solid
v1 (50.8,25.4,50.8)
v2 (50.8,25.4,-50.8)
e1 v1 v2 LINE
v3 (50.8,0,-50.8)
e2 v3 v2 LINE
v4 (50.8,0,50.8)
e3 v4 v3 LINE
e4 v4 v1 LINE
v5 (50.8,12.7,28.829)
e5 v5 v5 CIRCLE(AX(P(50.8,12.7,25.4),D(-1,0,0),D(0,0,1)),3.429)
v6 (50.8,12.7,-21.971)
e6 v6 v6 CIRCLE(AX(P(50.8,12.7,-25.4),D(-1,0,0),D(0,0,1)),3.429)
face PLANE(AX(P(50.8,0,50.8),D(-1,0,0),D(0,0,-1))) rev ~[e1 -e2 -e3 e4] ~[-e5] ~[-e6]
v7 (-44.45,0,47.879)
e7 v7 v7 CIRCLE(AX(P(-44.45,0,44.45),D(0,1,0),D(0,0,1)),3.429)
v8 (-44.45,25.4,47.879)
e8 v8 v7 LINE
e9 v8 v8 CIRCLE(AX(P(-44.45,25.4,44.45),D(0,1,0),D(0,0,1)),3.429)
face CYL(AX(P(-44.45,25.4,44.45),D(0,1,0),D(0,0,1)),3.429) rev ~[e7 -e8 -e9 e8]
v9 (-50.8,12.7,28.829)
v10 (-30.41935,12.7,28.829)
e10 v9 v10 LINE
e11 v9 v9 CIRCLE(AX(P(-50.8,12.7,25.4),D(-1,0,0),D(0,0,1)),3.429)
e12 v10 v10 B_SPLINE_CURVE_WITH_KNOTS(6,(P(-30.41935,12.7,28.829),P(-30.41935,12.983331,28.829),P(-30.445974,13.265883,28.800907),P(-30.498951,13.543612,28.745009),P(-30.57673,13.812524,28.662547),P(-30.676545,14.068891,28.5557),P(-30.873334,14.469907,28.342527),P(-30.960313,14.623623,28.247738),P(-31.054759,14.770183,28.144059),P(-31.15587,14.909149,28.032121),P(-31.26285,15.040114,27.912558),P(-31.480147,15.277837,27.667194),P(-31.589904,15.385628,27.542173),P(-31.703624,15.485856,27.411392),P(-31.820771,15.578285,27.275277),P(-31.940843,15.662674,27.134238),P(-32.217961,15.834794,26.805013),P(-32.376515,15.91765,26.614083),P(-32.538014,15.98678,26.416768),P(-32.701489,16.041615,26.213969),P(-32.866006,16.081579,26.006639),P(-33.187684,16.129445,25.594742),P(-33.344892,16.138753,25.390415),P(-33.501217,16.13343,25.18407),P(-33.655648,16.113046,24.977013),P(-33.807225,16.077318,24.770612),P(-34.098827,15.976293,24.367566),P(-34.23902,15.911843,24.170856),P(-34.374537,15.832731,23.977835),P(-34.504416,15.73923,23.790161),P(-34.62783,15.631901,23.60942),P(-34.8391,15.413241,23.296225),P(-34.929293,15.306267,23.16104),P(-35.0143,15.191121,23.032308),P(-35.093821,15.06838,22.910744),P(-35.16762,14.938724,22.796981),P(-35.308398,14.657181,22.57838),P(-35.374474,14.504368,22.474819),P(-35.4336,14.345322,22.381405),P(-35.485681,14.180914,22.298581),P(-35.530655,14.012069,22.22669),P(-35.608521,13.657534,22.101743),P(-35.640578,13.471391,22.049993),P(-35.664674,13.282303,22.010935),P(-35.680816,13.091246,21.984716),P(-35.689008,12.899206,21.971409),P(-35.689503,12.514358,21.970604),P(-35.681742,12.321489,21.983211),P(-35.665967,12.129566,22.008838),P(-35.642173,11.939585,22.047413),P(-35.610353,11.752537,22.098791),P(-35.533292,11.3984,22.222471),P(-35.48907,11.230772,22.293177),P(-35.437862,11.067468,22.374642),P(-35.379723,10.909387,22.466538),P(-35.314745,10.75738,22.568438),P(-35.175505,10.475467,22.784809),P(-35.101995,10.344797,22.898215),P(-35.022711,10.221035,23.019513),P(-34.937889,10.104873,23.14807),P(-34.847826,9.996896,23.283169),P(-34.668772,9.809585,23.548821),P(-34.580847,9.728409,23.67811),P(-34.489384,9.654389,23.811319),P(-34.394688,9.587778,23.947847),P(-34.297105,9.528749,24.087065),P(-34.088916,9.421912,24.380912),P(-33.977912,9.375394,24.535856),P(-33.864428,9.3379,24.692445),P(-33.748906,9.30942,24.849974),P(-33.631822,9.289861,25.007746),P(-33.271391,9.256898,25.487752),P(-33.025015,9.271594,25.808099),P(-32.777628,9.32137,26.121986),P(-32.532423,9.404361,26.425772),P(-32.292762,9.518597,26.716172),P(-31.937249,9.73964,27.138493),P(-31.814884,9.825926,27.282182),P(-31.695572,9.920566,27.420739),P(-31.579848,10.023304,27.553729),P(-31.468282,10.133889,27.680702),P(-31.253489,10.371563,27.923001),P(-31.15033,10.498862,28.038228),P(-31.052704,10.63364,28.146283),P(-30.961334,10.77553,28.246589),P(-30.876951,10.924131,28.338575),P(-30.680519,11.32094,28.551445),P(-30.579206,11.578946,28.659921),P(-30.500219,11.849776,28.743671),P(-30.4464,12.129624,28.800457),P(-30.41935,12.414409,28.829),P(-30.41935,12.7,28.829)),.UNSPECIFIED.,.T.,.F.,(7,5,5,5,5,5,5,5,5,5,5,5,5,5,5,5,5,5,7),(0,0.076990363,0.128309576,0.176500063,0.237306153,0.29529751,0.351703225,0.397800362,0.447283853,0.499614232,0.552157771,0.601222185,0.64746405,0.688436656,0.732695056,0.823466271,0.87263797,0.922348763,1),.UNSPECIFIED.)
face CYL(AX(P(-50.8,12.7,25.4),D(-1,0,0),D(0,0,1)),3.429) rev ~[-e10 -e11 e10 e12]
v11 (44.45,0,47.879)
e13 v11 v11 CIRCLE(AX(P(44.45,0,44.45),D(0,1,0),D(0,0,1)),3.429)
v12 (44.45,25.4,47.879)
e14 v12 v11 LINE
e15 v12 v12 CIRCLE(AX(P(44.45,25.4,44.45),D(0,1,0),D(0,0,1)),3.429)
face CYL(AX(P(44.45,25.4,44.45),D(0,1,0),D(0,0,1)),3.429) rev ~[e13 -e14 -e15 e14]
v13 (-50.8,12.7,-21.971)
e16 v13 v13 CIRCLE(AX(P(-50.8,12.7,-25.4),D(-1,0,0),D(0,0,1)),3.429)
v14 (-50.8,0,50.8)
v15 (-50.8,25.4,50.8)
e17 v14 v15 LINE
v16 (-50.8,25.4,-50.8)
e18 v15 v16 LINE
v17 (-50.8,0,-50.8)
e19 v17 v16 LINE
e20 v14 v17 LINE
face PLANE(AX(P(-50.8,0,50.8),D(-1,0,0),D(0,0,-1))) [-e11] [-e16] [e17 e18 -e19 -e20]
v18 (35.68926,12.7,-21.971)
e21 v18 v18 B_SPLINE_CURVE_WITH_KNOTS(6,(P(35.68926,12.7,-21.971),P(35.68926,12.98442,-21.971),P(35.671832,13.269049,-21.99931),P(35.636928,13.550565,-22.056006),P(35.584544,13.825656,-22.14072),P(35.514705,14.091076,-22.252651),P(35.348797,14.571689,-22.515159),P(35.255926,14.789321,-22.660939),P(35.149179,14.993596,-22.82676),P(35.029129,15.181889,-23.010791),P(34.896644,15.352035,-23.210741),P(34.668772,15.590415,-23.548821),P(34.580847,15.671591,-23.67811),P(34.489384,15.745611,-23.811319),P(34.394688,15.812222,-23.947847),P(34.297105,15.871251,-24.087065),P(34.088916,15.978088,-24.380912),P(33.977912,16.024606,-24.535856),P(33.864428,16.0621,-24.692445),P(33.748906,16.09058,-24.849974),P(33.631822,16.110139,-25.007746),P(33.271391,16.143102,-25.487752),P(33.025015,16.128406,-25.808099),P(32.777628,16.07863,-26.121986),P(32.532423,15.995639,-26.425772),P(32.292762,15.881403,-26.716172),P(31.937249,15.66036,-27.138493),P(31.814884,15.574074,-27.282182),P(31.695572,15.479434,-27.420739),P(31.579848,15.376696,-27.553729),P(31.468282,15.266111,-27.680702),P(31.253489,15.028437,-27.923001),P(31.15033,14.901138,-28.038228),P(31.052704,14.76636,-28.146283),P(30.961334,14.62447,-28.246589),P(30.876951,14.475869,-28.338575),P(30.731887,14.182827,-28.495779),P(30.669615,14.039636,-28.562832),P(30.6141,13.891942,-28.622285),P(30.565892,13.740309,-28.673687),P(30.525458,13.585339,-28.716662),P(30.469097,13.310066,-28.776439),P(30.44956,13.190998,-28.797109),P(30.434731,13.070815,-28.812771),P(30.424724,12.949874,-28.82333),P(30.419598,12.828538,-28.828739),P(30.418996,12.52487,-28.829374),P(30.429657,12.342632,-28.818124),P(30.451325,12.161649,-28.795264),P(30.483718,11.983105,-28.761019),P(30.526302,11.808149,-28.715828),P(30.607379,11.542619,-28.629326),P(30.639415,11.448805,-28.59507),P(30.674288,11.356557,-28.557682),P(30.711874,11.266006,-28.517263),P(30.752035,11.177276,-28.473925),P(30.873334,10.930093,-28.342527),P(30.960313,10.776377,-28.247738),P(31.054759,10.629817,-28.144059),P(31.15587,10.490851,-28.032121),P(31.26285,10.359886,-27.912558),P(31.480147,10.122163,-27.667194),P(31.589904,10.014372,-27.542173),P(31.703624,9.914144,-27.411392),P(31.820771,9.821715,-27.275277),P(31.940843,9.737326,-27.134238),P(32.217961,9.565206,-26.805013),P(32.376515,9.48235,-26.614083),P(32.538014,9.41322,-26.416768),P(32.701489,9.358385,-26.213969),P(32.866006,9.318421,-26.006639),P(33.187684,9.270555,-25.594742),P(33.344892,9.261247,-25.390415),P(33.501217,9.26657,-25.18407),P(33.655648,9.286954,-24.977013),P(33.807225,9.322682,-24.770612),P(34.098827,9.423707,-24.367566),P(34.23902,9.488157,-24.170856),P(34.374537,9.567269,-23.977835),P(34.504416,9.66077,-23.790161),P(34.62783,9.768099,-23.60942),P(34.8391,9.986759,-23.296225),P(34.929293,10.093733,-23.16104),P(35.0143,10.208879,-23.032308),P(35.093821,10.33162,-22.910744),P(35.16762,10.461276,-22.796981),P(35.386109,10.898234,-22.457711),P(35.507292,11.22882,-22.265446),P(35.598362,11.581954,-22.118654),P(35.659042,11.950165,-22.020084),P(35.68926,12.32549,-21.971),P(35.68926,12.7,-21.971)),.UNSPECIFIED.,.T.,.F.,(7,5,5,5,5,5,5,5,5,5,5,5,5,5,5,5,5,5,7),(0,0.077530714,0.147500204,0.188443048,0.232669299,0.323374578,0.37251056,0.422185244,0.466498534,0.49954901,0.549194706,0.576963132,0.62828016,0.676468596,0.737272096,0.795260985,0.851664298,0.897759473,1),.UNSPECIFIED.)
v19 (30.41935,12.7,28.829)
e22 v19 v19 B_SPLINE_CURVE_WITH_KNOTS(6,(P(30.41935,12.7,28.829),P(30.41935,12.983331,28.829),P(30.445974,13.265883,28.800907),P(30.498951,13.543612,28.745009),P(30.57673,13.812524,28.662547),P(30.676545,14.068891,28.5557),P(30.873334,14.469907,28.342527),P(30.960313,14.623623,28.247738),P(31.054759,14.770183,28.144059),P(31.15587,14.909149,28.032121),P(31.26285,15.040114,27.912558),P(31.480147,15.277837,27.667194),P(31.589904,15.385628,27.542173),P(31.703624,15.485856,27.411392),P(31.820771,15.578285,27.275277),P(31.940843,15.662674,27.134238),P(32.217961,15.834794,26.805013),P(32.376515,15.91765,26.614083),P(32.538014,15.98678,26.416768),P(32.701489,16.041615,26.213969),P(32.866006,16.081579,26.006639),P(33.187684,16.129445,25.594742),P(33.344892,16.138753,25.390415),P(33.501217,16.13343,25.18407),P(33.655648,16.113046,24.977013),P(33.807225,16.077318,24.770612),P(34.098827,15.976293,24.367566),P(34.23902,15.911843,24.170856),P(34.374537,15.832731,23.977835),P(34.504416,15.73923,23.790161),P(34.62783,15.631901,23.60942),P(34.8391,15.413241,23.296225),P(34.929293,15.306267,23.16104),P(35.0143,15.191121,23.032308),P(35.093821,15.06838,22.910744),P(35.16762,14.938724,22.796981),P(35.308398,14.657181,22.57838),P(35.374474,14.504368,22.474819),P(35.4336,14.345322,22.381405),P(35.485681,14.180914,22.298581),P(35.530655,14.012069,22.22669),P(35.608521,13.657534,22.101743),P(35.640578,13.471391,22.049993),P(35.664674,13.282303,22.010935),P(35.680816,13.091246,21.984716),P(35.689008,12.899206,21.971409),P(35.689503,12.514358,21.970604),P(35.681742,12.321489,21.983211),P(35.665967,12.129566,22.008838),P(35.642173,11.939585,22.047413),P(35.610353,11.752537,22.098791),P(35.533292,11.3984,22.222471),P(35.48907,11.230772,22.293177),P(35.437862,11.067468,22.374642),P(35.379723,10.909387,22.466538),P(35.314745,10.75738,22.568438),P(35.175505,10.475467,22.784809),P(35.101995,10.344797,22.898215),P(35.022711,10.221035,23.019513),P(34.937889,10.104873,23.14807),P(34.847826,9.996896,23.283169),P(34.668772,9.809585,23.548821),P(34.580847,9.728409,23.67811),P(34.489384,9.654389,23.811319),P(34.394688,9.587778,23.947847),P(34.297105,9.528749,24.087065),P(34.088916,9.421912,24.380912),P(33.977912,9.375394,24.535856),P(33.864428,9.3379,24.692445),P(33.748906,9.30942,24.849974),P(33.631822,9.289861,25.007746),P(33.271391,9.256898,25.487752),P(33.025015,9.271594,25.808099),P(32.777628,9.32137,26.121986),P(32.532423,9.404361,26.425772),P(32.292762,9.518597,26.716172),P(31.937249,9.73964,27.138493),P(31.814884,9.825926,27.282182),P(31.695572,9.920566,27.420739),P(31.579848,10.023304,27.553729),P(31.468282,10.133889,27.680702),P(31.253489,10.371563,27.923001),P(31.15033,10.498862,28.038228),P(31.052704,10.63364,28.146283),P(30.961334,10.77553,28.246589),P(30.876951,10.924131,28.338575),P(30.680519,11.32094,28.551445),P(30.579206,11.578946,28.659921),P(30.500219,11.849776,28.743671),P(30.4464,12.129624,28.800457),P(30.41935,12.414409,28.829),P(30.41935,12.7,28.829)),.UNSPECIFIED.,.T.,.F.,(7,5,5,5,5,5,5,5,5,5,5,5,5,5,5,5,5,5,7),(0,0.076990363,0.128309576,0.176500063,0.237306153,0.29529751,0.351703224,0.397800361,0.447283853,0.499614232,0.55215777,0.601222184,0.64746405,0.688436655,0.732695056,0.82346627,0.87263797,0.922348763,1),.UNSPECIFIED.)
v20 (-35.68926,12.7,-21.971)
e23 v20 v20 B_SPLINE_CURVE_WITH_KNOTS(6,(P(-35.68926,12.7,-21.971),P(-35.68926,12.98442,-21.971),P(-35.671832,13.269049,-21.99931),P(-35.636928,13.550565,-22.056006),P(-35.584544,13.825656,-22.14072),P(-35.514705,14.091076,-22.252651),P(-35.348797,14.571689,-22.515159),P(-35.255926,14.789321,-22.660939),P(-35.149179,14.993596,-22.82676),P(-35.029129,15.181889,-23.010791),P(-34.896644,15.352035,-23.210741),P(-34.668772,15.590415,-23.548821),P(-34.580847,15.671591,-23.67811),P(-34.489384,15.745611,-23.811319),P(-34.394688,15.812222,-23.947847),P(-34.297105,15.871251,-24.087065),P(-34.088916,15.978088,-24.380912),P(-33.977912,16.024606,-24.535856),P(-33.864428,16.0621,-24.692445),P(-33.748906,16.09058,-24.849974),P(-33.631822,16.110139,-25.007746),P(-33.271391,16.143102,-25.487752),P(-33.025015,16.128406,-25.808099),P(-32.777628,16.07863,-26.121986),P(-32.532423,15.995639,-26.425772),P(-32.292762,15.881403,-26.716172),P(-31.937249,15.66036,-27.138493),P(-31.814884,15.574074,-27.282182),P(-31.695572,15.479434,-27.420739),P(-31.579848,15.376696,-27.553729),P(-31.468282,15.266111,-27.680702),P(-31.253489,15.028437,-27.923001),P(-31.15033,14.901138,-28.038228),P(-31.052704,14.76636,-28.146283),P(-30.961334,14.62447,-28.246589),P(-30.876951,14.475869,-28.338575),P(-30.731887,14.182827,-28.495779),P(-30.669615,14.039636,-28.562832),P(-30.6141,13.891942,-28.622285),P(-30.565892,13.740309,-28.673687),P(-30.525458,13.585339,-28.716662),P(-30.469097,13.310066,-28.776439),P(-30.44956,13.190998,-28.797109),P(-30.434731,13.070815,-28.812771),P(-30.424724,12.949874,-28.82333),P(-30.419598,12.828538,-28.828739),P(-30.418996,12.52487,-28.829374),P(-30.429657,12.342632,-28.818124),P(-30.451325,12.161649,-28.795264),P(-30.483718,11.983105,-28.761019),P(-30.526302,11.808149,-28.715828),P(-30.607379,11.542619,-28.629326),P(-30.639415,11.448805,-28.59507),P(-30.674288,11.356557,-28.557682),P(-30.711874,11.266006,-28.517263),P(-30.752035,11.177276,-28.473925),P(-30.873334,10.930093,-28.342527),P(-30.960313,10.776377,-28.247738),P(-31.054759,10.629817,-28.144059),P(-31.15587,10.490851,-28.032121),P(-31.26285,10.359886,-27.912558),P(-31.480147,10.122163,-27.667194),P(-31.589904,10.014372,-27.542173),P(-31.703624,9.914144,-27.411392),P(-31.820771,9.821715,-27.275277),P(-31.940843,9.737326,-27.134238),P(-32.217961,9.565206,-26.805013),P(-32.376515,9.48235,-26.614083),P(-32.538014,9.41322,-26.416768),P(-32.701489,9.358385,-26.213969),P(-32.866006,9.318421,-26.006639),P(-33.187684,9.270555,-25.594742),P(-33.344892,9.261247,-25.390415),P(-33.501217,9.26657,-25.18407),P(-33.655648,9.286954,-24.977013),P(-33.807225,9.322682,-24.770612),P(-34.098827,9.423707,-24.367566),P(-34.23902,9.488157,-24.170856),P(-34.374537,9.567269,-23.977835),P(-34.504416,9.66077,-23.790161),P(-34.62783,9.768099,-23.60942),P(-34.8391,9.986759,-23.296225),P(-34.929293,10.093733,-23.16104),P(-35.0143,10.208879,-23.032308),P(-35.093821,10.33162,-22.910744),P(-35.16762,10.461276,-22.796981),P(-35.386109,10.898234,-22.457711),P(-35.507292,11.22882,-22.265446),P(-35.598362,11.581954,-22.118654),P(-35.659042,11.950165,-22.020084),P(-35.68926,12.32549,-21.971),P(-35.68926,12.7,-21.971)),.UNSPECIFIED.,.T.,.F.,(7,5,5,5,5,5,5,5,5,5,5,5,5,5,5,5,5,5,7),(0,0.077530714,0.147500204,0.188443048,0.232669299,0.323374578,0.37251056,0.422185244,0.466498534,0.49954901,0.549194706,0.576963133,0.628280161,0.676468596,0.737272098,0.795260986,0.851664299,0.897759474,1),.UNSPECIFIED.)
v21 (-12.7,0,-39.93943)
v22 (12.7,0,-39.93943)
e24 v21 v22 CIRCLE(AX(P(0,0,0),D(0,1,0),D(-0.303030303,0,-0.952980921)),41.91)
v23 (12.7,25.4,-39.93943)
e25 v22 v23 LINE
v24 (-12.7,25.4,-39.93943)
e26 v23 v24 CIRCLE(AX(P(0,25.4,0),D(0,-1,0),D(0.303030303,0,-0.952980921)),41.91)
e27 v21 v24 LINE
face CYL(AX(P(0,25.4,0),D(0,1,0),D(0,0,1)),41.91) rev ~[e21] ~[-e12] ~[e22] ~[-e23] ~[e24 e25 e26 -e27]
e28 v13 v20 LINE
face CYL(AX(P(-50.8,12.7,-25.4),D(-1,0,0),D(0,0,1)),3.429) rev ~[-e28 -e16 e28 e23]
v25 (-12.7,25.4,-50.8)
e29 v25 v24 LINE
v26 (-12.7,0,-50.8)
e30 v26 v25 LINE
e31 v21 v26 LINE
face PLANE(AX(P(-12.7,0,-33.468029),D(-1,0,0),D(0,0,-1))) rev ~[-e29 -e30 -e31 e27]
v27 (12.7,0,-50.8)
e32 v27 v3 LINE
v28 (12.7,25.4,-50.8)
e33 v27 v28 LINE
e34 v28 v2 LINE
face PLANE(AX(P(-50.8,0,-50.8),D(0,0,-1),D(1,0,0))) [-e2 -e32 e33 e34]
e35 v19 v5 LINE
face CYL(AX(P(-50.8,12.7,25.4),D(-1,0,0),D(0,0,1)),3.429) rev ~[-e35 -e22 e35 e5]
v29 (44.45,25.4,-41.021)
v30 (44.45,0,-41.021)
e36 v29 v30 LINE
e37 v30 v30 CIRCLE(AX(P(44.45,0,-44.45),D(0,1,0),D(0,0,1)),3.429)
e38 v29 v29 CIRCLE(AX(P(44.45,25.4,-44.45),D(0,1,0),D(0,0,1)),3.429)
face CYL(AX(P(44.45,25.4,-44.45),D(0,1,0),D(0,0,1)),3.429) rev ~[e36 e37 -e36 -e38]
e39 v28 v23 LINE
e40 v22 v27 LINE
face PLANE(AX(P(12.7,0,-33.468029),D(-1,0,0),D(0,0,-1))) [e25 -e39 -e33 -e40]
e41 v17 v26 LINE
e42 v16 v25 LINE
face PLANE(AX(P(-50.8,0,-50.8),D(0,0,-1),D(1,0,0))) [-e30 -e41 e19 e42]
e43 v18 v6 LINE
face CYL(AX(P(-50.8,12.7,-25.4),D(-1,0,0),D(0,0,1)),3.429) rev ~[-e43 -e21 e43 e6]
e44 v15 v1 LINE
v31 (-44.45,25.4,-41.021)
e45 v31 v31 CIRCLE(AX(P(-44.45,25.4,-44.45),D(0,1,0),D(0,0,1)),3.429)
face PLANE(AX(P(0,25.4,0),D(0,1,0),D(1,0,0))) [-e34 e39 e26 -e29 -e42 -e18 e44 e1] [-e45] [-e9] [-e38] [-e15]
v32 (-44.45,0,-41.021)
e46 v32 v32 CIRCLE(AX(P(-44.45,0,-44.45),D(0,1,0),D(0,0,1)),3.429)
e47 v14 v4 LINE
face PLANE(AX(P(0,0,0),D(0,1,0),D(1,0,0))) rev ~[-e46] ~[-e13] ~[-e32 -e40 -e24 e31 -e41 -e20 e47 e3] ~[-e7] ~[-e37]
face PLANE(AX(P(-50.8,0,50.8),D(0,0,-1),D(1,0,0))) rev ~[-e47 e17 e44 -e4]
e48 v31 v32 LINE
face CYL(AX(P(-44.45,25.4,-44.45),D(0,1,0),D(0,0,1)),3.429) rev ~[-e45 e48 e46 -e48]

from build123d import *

# Parameters (mm, degrees)
SKETCH1_W           = 101.6
SKETCH1_H           = 101.6
BOSS_EXTRUDE1_DEPTH = 25.4
SKETCH2_R           = 41.91
CUT_EXTRUDE1_DEPTH  = 77.2
SKETCH3_W           = 25.4
SKETCH3_H           = 34.66394105
CUT_EXTRUDE2_DEPTH  = 77.2
SKETCH4_R           = 3.429
CUT_EXTRUDE3_DEPTH  = 77.2
SKETCH5_R           = 3.429
CUT_EXTRUDE4_DEPTH  = 117.397422652


with BuildPart() as part:
    # Sketch1 → Boss-Extrude1 (new body)
    with BuildSketch(Plane(origin=(0, 0, 0), x_dir=(1, 0, 0), z_dir=(0, 1, 0))):
        Rectangle(SKETCH1_W, SKETCH1_H)
    extrude(amount=BOSS_EXTRUDE1_DEPTH)

    # Sketch2 → Cut-Extrude1 (cut, through all)
    with BuildSketch(Plane(origin=(0, 25.4, 0), x_dir=(1, 0, 0), z_dir=(0, 1, 0))):
        with Locations(Location((0, 0, 0), (0, 0, 270))):
            Circle(SKETCH2_R)
    extrude(amount=-CUT_EXTRUDE1_DEPTH, mode=Mode.SUBTRACT)

    # Sketch3 → Cut-Extrude2 (cut, through all)
    with BuildSketch(Plane(origin=(0, 0, 0), x_dir=(1, 0, 0), z_dir=(0, 1, 0))):
        with Locations((0, 50.8)):
            Rectangle(SKETCH3_W, SKETCH3_H)
    extrude(amount=CUT_EXTRUDE2_DEPTH, mode=Mode.SUBTRACT)

    # Sketch4 → Cut-Extrude3 (cut, through all)
    with BuildSketch(Plane(origin=(0, 25.4, 0), x_dir=(1, 0, 0), z_dir=(0, 1, 0))):
        with Locations(Location((-44.45, 44.45, 0), (0, 0, 270))):
            Circle(SKETCH4_R)
        with Locations(Location((44.45, 44.45, 0), (0, 0, 270))):
            Circle(SKETCH4_R)
        with Locations(Location((44.45, -44.45, 0), (0, 0, 270))):
            Circle(SKETCH4_R)
        with Locations(Location((-44.45, -44.45, 0), (0, 0, 270))):
            Circle(SKETCH4_R)
    extrude(amount=-CUT_EXTRUDE3_DEPTH, mode=Mode.SUBTRACT)

    # Sketch5 → Cut-Extrude4 (cut, through all)
    with BuildSketch(Plane.ZY.offset(50.8)):
        with Locations((-25.4, 12.7)):
            Circle(SKETCH5_R)
        with Locations((25.4, 12.7)):
            Circle(SKETCH5_R)
    extrude(amount=-CUT_EXTRUDE4_DEPTH, mode=Mode.SUBTRACT)


solid = part.part
